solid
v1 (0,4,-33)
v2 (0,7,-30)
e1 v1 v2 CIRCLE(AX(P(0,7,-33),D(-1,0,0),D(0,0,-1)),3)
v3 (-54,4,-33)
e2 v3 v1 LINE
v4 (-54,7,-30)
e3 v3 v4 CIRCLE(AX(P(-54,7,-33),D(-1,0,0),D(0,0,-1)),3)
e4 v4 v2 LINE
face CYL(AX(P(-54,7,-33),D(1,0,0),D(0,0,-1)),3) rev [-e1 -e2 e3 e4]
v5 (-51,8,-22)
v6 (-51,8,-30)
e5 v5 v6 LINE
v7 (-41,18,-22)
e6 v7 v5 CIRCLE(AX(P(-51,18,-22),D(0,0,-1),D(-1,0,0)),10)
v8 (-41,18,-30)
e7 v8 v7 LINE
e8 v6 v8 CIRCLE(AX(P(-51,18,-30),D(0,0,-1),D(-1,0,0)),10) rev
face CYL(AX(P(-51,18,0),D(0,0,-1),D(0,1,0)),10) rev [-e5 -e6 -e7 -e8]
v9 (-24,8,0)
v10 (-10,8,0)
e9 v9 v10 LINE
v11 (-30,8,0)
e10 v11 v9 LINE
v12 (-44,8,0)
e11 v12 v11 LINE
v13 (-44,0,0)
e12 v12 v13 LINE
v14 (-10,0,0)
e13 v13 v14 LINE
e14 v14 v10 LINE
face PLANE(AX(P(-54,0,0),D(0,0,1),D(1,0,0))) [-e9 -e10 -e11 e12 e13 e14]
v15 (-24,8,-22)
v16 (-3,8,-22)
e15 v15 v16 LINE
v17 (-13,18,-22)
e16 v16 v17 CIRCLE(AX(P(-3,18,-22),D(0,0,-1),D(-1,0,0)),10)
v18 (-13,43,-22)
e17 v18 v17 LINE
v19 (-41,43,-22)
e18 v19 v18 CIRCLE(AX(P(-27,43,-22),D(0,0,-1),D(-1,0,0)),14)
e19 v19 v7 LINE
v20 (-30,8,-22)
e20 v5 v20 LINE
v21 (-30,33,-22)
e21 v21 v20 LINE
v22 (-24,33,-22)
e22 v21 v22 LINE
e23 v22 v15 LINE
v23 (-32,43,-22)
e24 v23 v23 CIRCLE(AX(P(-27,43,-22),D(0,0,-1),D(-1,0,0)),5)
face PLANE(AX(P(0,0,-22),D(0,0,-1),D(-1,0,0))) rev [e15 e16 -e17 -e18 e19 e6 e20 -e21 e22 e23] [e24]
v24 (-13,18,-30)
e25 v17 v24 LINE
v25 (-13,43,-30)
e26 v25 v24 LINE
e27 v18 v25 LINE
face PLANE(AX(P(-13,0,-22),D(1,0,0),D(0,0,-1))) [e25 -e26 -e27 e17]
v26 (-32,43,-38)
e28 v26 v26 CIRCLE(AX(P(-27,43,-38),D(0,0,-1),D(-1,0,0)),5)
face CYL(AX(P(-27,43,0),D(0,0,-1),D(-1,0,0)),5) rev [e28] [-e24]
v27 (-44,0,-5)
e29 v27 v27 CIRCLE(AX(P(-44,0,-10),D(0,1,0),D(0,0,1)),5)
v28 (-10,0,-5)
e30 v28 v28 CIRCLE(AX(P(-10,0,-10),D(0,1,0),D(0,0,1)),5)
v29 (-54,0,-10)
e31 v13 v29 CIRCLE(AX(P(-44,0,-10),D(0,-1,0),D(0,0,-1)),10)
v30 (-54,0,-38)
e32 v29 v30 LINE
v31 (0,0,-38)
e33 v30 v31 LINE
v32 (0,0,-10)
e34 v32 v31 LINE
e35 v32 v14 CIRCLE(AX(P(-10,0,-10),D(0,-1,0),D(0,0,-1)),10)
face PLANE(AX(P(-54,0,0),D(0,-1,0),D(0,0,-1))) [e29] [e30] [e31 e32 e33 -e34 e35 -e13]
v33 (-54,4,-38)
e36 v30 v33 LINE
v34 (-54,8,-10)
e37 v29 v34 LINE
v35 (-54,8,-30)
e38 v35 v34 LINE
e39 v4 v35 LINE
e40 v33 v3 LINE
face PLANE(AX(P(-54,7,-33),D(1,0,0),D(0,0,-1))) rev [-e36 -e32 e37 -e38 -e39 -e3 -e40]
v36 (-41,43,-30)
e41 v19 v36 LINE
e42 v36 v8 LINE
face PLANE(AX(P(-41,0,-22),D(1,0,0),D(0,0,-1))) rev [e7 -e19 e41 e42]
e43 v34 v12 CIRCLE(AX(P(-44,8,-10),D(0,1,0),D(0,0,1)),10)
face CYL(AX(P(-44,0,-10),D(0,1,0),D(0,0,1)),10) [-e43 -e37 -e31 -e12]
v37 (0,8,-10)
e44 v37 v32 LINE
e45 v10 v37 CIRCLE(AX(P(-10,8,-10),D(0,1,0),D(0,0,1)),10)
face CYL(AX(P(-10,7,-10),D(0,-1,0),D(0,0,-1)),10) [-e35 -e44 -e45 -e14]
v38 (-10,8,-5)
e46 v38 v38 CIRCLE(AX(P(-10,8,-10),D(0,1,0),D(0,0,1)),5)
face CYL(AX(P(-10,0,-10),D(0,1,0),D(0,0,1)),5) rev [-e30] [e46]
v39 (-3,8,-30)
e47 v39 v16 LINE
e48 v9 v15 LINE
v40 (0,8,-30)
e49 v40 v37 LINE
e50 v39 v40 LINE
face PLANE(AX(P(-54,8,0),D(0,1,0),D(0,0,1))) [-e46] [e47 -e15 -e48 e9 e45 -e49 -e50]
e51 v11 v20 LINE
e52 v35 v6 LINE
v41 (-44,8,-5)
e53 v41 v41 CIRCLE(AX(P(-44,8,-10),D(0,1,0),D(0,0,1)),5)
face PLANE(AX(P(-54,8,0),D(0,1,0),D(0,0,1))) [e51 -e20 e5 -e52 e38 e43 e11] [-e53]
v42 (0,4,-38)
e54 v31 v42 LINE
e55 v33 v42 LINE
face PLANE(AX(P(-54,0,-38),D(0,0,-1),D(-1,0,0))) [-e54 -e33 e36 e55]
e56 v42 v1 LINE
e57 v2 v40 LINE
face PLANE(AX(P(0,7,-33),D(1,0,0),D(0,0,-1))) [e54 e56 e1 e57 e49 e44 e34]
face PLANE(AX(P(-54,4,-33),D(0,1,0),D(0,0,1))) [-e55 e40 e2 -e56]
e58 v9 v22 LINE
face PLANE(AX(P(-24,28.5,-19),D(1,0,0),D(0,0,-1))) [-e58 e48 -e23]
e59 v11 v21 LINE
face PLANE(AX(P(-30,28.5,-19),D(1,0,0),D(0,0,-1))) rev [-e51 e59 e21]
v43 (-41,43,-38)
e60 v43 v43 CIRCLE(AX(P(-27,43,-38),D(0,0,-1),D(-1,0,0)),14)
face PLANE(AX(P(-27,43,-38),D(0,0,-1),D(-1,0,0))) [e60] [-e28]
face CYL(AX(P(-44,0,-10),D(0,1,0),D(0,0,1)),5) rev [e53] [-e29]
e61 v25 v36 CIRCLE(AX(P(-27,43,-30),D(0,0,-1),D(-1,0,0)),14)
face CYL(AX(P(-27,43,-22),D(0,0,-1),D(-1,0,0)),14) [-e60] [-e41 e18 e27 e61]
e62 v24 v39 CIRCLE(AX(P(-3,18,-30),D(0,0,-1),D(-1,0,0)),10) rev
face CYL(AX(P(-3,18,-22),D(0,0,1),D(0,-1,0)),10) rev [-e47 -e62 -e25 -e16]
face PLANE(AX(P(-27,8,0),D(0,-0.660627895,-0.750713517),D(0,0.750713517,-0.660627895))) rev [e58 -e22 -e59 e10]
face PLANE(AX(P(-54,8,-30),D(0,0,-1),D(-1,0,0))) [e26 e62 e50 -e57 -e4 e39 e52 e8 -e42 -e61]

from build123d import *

# Parameters (mm, degrees)
BOSS_EXTRUDE1_DEPTH = 54
FILLET1_R           = 10
SKETCH2_R           = 5
CUT_EXTRUDE1_DEPTH  = 67.513156593
BOSS_EXTRUDE2_DEPTH = 8
FILLET2_R           = 10
BOSS_EXTRUDE3_START = 8
SKETCH4_R           = 14
BOSS_EXTRUDE3_DEPTH = 8
SKETCH5_R           = 5
CUT_EXTRUDE2_DEPTH  = 88.229582138
RIB1_REACH          = 75.634
SKETCH6_WALL_W      = 182.57011395
SKETCH6_WALL_H      = 6


with BuildPart() as part:
    # Sketch1 → Boss-Extrude1 (new body)
    with BuildSketch(Plane(origin=(0, 0, 0), x_dir=(0, 0, -1), z_dir=(1, 0, 0))):
        with BuildLine():
            Line((30, 8), (30, 7))
            ThreePointArc((30, 7), (30.878679656, 4.878679656), (33, 4))
            Line((33, 4), (38, 4))
            Line((38, 4), (38, 0))
            Line((38, 0), (0, 0))
            Line((0, 0), (0, 8))
            Line((0, 8), (30, 8))
        make_face()
    extrude(amount=-BOSS_EXTRUDE1_DEPTH)

    # Fillet1
    fillet1_edges = [part.edges().sort_by_distance(p)[0] for p in [
        (0, 4, 0),
        (-54, 4, 0),
    ]]
    fillet(fillet1_edges, radius=FILLET1_R)

    # Sketch2 → Cut-Extrude1 (cut, through all)
    with BuildSketch(Plane(origin=(0, 8, 0), x_dir=(1, 0, 0), z_dir=(0, 1, 0))):
        with Locations(Location((-44, 10, 0), (0, 0, 270))):
            Circle(SKETCH2_R)
        with Locations(Location((-10, 10, 0), (0, 0, 270))):
            Circle(SKETCH2_R)
    extrude(amount=-CUT_EXTRUDE1_DEPTH, mode=Mode.SUBTRACT)

    # Sketch3 → Boss-Extrude2 (add)
    with BuildSketch(Plane(origin=(0, 0, -30), x_dir=(-1, 0, 0), z_dir=(0, 0, -1))):
        with BuildLine():
            Line((13, 8), (41, 8))
            Line((41, 8), (41, 43))
            ThreePointArc((41, 43), (27, 57), (13, 43))
            Line((13, 43), (13, 8))
        make_face()
    extrude(amount=-BOSS_EXTRUDE2_DEPTH)

    # Fillet2
    fillet2_edges = [part.edges().sort_by_distance(p)[0] for p in [
        (-41, 8, -26),
        (-13, 8, -26),
    ]]
    fillet(fillet2_edges, radius=FILLET2_R)

    # Sketch4 → Boss-Extrude3 (add)
    with BuildSketch(Plane(origin=(0, 0, -30), x_dir=(-1, 0, 0), z_dir=(0, 0, -1)).offset(BOSS_EXTRUDE3_START)):
        with Locations((27, 43)):
            Circle(SKETCH4_R)
    extrude(amount=-BOSS_EXTRUDE3_DEPTH)

    # Sketch5 → Cut-Extrude2 (cut, through all)
    with BuildSketch(Plane(origin=(0, 0, -38), x_dir=(-1, 0, 0), z_dir=(0, 0, -1))):
        with Locations((27, 43)):
            Circle(SKETCH5_R)
    extrude(amount=-CUT_EXTRUDE2_DEPTH, mode=Mode.SUBTRACT)

    # Sketch6 wall → Rib1 (add, up to next)
    with BuildSketch(Plane(origin=(-27, 20.5, -11), x_dir=(0, 0.750713516923, -0.660627894892), z_dir=(0, 0.660627894892, 0.750713516923)), mode=Mode.PRIVATE) as rib1_sk1:
        Rectangle(SKETCH6_WALL_W, SKETCH6_WALL_H)
    rib1_tool1 = extrude(rib1_sk1.sketch, amount=-RIB1_REACH, mode=Mode.PRIVATE) - part.part
    add(rib1_tool1.solids().sort_by_distance((-27, 20.5, -11))[0])


solid = part.part
